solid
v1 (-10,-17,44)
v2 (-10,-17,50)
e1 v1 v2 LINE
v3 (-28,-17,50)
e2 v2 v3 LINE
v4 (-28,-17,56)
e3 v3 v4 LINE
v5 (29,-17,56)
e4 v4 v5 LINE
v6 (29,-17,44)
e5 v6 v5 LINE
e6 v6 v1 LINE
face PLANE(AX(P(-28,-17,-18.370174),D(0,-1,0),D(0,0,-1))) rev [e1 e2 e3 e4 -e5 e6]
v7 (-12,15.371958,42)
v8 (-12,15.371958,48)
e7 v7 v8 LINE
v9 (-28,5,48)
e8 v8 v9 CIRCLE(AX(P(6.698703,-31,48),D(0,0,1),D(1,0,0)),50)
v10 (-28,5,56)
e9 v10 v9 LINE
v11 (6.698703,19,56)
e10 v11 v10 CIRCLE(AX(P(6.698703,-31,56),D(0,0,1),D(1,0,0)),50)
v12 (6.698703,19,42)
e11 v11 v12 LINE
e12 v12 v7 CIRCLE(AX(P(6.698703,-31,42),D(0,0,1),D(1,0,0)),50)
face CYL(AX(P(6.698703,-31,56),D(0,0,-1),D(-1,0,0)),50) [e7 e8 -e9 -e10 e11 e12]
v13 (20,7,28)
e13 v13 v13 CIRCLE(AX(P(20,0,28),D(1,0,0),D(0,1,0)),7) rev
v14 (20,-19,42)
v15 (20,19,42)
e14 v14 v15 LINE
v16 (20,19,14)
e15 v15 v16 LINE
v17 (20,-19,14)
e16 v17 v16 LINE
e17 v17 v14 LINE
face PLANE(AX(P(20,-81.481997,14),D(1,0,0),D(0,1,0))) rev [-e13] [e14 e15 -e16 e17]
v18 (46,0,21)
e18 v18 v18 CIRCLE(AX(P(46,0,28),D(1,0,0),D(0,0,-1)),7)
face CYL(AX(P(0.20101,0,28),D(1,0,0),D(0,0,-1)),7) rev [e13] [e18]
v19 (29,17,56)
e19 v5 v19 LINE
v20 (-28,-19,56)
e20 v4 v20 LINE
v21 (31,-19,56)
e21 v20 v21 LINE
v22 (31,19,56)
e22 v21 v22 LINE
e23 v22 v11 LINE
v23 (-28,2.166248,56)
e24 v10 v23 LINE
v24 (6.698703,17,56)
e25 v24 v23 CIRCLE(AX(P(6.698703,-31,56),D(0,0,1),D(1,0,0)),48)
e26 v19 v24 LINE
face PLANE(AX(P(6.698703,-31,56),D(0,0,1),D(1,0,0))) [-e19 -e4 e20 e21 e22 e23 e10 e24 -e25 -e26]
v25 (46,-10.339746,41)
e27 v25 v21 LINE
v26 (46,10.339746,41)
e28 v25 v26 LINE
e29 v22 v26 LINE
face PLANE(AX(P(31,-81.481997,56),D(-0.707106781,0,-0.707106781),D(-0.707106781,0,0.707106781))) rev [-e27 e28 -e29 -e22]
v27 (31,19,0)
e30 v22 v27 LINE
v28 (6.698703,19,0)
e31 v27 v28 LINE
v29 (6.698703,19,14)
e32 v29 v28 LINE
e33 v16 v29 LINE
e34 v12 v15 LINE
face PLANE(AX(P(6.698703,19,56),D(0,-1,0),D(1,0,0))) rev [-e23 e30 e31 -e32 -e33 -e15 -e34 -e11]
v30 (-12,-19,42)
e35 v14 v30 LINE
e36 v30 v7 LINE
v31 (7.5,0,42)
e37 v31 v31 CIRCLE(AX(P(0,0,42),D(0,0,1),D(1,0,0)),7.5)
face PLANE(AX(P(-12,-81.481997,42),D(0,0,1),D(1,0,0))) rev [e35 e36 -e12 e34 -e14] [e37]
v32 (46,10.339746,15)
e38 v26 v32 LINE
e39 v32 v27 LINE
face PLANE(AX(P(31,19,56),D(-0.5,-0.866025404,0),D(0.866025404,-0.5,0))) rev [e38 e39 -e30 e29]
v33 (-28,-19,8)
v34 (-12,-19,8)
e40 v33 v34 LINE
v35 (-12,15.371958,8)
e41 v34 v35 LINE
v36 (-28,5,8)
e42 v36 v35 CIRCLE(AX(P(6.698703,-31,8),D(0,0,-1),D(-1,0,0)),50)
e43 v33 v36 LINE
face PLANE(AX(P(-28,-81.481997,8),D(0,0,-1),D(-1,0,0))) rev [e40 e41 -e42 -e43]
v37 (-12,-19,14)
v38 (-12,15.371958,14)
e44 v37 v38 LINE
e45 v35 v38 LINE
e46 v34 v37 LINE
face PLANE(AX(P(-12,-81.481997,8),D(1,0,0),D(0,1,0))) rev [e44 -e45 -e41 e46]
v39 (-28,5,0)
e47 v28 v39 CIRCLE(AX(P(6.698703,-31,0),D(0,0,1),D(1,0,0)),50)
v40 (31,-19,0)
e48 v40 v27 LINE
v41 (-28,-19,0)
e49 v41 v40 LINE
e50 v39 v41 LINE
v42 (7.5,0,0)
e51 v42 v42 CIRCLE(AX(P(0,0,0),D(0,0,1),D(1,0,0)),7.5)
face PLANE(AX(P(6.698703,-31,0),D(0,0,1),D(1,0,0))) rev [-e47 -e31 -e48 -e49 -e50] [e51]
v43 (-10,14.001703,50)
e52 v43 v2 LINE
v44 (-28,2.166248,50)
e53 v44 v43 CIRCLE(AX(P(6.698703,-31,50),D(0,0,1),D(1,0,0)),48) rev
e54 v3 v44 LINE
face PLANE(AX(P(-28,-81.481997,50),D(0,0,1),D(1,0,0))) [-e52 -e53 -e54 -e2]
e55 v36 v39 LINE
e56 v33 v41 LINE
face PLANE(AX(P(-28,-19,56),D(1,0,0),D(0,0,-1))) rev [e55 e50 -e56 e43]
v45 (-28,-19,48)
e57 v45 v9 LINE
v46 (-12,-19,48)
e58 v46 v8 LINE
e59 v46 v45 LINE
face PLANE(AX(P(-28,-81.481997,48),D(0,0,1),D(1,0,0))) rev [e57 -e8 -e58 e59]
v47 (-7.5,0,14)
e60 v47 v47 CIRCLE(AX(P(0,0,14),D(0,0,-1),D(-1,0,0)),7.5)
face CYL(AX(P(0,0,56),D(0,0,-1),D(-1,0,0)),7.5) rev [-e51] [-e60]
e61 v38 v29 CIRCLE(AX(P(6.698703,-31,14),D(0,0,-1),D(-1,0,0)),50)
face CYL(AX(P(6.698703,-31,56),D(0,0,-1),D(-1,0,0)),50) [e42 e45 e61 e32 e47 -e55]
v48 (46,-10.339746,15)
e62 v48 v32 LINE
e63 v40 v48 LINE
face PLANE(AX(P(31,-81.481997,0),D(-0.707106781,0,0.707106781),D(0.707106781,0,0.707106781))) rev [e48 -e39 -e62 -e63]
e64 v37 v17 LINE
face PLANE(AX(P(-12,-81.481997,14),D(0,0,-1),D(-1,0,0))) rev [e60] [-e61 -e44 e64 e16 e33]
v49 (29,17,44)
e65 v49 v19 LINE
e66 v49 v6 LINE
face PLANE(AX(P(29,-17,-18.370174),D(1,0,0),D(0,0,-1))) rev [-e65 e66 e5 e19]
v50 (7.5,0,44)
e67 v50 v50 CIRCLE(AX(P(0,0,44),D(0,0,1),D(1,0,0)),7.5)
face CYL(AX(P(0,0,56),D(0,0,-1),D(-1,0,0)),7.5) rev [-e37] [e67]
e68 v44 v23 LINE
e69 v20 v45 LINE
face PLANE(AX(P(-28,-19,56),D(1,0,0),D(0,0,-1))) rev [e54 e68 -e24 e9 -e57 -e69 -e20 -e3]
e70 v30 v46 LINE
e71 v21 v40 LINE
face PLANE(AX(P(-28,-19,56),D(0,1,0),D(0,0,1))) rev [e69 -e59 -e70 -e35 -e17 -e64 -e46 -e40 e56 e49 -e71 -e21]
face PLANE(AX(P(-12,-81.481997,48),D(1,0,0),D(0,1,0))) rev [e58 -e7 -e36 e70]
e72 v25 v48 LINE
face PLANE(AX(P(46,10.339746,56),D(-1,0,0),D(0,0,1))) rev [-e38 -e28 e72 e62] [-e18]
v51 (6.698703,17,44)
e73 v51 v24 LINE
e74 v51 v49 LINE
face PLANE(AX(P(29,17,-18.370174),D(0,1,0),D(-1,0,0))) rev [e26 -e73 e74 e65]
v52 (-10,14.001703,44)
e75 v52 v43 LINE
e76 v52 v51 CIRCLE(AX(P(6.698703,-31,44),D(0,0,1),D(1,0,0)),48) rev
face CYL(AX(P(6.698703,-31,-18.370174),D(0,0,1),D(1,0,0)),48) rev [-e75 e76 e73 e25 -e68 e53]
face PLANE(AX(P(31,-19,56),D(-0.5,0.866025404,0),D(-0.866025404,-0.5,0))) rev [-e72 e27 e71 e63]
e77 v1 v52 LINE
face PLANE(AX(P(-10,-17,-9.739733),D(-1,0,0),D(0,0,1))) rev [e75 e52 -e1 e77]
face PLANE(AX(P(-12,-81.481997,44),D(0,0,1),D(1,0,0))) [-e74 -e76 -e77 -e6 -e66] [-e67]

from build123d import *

# Parameters (mm, degrees)
SKETCH1_R           = 7.5
BOSS_EXTRUDE1_DEPTH = 56
CUT_EXTRUDE1_DEPTH  = 38
SKETCH3_R           = 7
CUT_EXTRUDE2_DEPTH  = 26
CUT_EXTRUDE3_DEPTH  = 6
CUT_EXTRUDE4_DEPTH  = 6


with BuildPart() as part:
    # Sketch1 → Boss-Extrude1 (new body)
    with BuildSketch(Plane.XY):
        with BuildLine():
            Line((-28, -19), (31, -19))
            Line((31, -19), (46, -10.339745962))
            Line((46, -10.339745962), (46, 10.339745962))
            Line((46, 10.339745962), (31, 19))
            Line((31, 19), (6.698703146, 19))
            ThreePointArc((6.698703146, 19), (-12.009583788, 15.368092477), (-28, 5))
            Line((-28, 5), (-28, -19))
        make_face()
        Circle(SKETCH1_R, mode=Mode.SUBTRACT)
    extrude(amount=BOSS_EXTRUDE1_DEPTH)

    # Sketch2 → Cut-Extrude1 (cut)
    with BuildSketch(Plane(origin=(0, 19, 0), x_dir=(1, 0, 0), z_dir=(0, 1, 0))):
        Polygon((31, 0), (46, -15), (46, 0), align=None)
        Polygon((31, -56), (46, -41), (46, -56), align=None)
        Polygon((-28, -8), (-12, -8), (-12, -14), (20, -14), (20, -42), (-12, -42), (-12, -48), (-28, -48), align=None)
    extrude(amount=-CUT_EXTRUDE1_DEPTH, mode=Mode.SUBTRACT)

    # Sketch3 → Cut-Extrude2 (cut)
    with BuildSketch(Plane(origin=(46, 0, 0), x_dir=(0, 0, -1), z_dir=(1, 0, 0))):
        with Locations((-28, 0)):
            Circle(SKETCH3_R)
    extrude(amount=-CUT_EXTRUDE2_DEPTH, mode=Mode.SUBTRACT)

    # Sketch7 → Cut-Extrude3 (cut)
    with BuildSketch(Plane.XY.offset(56)):
        with BuildLine():
            Line((-28, 2.166247904), (-28, -17))
            Line((-28, -17), (29, -17))
            Line((29, -17), (29, 17))
            Line((29, 17), (6.698703146, 17))
            ThreePointArc((6.698703146, 17), (-12.169525449, 13.136039125), (-28, 2.166247904))
        make_face()
    extrude(amount=-CUT_EXTRUDE3_DEPTH, mode=Mode.SUBTRACT)

    # Sketch10 → Cut-Extrude4 (cut)
    with BuildSketch(Plane.XY.offset(50)):
        with BuildLine():
            Line((-10, -17), (-10, 14.001703448))
            ThreePointArc((-10, 14.001703448), (-1.784168847, 16.244479918), (6.698703146, 17))
            Line((6.698703146, 17), (29, 17))
            Line((29, 17), (29, -17))
            Line((29, -17), (-10, -17))
        make_face()
    extrude(amount=-CUT_EXTRUDE4_DEPTH, mode=Mode.SUBTRACT)


solid = part.part
